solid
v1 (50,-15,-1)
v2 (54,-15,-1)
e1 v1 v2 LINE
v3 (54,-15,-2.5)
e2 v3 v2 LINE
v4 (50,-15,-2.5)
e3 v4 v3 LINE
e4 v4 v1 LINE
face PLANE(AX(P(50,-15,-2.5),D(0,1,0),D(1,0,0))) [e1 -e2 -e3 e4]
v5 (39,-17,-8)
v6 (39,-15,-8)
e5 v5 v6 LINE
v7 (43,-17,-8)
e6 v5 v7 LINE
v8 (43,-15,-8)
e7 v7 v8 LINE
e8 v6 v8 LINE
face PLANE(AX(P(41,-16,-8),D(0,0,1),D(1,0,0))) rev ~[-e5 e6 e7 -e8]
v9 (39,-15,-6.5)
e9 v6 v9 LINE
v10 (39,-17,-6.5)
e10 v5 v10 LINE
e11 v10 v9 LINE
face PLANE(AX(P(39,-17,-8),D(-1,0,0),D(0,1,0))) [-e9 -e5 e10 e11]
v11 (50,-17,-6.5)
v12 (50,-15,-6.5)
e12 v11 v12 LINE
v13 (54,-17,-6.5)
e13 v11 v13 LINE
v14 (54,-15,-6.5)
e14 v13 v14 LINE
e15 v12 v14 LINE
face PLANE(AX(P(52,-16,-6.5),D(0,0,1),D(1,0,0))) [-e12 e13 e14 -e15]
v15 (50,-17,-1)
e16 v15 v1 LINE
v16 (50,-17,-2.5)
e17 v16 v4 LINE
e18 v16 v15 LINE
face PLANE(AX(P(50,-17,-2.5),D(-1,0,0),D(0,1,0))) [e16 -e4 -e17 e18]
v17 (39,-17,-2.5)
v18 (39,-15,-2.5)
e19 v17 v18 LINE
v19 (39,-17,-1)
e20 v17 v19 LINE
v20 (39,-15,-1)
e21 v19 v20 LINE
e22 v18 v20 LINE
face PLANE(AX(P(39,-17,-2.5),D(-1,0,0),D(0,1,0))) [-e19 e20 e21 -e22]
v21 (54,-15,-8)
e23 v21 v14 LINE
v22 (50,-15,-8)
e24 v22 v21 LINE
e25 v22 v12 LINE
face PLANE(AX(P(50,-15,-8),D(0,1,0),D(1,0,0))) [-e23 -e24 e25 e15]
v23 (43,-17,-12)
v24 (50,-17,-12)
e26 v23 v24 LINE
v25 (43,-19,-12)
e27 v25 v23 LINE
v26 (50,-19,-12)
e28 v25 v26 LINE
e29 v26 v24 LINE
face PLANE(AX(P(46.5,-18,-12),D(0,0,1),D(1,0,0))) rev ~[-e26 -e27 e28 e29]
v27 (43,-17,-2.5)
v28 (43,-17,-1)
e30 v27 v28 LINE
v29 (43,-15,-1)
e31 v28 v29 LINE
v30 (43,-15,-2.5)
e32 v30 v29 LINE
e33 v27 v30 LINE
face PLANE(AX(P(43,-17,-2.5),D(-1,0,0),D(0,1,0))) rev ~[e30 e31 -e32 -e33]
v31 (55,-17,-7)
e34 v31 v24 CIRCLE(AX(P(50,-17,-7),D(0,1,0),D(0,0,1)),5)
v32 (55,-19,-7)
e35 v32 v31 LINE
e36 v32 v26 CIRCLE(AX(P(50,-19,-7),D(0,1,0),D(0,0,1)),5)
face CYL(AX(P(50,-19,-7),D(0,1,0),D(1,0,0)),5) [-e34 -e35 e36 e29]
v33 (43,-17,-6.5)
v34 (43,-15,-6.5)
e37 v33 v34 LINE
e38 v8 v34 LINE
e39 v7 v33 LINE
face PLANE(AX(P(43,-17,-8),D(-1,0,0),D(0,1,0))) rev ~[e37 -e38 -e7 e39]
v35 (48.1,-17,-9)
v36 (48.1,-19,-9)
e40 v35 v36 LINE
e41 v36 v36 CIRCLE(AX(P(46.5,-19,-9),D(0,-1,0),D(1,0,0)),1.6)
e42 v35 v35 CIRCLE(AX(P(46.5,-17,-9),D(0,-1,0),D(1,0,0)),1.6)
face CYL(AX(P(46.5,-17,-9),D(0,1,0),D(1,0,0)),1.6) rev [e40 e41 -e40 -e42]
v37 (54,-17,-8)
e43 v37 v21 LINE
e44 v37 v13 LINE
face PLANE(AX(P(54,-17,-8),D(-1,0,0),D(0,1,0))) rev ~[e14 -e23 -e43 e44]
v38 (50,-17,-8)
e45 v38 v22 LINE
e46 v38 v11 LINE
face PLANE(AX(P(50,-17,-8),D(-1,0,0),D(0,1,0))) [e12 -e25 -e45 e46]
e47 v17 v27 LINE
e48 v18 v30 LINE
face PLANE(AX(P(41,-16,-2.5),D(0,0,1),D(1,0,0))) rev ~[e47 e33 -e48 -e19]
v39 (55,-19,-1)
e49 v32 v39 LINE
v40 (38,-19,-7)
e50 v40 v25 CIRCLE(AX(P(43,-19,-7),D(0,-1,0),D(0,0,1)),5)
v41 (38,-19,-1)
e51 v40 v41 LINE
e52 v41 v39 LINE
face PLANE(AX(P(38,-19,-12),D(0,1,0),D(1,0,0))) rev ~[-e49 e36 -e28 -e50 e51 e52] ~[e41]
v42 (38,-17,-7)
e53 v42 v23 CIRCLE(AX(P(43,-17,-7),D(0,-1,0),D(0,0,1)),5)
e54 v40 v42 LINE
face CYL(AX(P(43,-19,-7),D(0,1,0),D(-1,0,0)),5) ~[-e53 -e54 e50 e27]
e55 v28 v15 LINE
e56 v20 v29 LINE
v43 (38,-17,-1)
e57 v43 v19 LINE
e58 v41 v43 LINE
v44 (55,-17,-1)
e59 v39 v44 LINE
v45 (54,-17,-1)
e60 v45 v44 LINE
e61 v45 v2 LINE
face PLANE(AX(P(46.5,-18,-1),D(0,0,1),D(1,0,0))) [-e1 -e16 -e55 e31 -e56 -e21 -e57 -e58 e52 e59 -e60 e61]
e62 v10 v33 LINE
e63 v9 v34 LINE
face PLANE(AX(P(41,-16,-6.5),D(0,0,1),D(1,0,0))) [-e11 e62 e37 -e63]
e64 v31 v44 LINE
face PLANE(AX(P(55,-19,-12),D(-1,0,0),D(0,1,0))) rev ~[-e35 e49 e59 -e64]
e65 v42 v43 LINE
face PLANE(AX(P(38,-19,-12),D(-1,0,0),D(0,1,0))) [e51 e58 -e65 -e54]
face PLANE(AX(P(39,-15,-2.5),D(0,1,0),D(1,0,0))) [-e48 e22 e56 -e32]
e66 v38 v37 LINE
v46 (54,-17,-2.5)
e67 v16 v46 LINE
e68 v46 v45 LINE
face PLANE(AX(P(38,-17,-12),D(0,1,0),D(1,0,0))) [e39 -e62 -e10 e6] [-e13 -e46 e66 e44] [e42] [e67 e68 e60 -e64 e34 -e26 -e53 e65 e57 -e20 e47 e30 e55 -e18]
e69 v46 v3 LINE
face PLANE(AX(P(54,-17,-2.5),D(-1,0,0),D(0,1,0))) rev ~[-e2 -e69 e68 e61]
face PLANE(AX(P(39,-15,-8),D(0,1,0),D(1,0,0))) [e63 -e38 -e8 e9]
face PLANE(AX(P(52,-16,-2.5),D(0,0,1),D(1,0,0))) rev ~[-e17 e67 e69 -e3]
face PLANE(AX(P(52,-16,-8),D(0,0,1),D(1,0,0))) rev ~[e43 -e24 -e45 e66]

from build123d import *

# Parameters (mm, degrees)
CYLINDER067_R     = 1.6
CYLINDER067_DEPTH = 2
BOX164_W          = 17
BOX164_H          = 2
BOX164_DEPTH      = 11
FILLET036_R       = 5
BOX165_W          = 4
BOX165_H          = 2
BOX165_DEPTH      = 1.5
BOX167_W          = 4
BOX167_H          = 2
BOX167_DEPTH      = 1.5
BOX166_W          = 4
BOX166_H          = 2
BOX166_DEPTH      = 1.5
BOX168_W          = 4
BOX168_H          = 2
BOX168_DEPTH      = 1.5


with BuildPart() as cylinder148:
    # Cylinder067 → Cylinder067 (new body)
    with BuildSketch(Plane(origin=(46.5, -17, -9), x_dir=(1, 0, 0), z_dir=(0, -1, 0))):
        Circle(CYLINDER067_R)
    extrude(amount=CYLINDER067_DEPTH)


with BuildPart() as cut092:
    # Box164 → Box164 (new body)
    with BuildSketch(Plane(origin=(38, -19, -12), x_dir=(1, 0, 0), z_dir=(0, 0, 1))):
        with Locations((8.5, 1)):
            Rectangle(BOX164_W, BOX164_H)
    extrude(amount=BOX164_DEPTH)

    # Fillet036
    fillet036_edges = [cut092.edges().sort_by_distance(p)[0] for p in [
        (38, -18, -12),
        (55, -18, -12),
    ]]
    fillet(fillet036_edges, radius=FILLET036_R)

    # Cut092: cut Cylinder148
    add(cylinder148.part, mode=Mode.SUBTRACT)


with BuildPart() as cube154:
    # Box165 → Box165 (new body)
    with BuildSketch(Plane(origin=(39, -17, -2.5), x_dir=(1, 0, 0), z_dir=(0, 0, 1))):
        with Locations((2, 1)):
            Rectangle(BOX165_W, BOX165_H)
    extrude(amount=BOX165_DEPTH)


with BuildPart() as cube156:
    # Box167 → Box167 (new body)
    with BuildSketch(Plane(origin=(50, -17, -8), x_dir=(1, 0, 0), z_dir=(0, 0, 1))):
        with Locations((2, 1)):
            Rectangle(BOX167_W, BOX167_H)
    extrude(amount=BOX167_DEPTH)


with BuildPart() as cube155:
    # Box166 → Box166 (new body)
    with BuildSketch(Plane(origin=(39, -17, -8), x_dir=(1, 0, 0), z_dir=(0, 0, 1))):
        with Locations((2, 1)):
            Rectangle(BOX166_W, BOX166_H)
    extrude(amount=BOX166_DEPTH)


with BuildPart() as fusion052:
    # Box168 → Box168 (new body)
    with BuildSketch(Plane(origin=(50, -17, -2.5), x_dir=(1, 0, 0), z_dir=(0, 0, 1))):
        with Locations((2, 1)):
            Rectangle(BOX168_W, BOX168_H)
    extrude(amount=BOX168_DEPTH)

    # Fusion052: union Cut092, Cube154, Cube156, Cube155
    add(cut092.part)
    add(cube154.part)
    add(cube156.part)
    add(cube155.part)


solid = fusion052.part
